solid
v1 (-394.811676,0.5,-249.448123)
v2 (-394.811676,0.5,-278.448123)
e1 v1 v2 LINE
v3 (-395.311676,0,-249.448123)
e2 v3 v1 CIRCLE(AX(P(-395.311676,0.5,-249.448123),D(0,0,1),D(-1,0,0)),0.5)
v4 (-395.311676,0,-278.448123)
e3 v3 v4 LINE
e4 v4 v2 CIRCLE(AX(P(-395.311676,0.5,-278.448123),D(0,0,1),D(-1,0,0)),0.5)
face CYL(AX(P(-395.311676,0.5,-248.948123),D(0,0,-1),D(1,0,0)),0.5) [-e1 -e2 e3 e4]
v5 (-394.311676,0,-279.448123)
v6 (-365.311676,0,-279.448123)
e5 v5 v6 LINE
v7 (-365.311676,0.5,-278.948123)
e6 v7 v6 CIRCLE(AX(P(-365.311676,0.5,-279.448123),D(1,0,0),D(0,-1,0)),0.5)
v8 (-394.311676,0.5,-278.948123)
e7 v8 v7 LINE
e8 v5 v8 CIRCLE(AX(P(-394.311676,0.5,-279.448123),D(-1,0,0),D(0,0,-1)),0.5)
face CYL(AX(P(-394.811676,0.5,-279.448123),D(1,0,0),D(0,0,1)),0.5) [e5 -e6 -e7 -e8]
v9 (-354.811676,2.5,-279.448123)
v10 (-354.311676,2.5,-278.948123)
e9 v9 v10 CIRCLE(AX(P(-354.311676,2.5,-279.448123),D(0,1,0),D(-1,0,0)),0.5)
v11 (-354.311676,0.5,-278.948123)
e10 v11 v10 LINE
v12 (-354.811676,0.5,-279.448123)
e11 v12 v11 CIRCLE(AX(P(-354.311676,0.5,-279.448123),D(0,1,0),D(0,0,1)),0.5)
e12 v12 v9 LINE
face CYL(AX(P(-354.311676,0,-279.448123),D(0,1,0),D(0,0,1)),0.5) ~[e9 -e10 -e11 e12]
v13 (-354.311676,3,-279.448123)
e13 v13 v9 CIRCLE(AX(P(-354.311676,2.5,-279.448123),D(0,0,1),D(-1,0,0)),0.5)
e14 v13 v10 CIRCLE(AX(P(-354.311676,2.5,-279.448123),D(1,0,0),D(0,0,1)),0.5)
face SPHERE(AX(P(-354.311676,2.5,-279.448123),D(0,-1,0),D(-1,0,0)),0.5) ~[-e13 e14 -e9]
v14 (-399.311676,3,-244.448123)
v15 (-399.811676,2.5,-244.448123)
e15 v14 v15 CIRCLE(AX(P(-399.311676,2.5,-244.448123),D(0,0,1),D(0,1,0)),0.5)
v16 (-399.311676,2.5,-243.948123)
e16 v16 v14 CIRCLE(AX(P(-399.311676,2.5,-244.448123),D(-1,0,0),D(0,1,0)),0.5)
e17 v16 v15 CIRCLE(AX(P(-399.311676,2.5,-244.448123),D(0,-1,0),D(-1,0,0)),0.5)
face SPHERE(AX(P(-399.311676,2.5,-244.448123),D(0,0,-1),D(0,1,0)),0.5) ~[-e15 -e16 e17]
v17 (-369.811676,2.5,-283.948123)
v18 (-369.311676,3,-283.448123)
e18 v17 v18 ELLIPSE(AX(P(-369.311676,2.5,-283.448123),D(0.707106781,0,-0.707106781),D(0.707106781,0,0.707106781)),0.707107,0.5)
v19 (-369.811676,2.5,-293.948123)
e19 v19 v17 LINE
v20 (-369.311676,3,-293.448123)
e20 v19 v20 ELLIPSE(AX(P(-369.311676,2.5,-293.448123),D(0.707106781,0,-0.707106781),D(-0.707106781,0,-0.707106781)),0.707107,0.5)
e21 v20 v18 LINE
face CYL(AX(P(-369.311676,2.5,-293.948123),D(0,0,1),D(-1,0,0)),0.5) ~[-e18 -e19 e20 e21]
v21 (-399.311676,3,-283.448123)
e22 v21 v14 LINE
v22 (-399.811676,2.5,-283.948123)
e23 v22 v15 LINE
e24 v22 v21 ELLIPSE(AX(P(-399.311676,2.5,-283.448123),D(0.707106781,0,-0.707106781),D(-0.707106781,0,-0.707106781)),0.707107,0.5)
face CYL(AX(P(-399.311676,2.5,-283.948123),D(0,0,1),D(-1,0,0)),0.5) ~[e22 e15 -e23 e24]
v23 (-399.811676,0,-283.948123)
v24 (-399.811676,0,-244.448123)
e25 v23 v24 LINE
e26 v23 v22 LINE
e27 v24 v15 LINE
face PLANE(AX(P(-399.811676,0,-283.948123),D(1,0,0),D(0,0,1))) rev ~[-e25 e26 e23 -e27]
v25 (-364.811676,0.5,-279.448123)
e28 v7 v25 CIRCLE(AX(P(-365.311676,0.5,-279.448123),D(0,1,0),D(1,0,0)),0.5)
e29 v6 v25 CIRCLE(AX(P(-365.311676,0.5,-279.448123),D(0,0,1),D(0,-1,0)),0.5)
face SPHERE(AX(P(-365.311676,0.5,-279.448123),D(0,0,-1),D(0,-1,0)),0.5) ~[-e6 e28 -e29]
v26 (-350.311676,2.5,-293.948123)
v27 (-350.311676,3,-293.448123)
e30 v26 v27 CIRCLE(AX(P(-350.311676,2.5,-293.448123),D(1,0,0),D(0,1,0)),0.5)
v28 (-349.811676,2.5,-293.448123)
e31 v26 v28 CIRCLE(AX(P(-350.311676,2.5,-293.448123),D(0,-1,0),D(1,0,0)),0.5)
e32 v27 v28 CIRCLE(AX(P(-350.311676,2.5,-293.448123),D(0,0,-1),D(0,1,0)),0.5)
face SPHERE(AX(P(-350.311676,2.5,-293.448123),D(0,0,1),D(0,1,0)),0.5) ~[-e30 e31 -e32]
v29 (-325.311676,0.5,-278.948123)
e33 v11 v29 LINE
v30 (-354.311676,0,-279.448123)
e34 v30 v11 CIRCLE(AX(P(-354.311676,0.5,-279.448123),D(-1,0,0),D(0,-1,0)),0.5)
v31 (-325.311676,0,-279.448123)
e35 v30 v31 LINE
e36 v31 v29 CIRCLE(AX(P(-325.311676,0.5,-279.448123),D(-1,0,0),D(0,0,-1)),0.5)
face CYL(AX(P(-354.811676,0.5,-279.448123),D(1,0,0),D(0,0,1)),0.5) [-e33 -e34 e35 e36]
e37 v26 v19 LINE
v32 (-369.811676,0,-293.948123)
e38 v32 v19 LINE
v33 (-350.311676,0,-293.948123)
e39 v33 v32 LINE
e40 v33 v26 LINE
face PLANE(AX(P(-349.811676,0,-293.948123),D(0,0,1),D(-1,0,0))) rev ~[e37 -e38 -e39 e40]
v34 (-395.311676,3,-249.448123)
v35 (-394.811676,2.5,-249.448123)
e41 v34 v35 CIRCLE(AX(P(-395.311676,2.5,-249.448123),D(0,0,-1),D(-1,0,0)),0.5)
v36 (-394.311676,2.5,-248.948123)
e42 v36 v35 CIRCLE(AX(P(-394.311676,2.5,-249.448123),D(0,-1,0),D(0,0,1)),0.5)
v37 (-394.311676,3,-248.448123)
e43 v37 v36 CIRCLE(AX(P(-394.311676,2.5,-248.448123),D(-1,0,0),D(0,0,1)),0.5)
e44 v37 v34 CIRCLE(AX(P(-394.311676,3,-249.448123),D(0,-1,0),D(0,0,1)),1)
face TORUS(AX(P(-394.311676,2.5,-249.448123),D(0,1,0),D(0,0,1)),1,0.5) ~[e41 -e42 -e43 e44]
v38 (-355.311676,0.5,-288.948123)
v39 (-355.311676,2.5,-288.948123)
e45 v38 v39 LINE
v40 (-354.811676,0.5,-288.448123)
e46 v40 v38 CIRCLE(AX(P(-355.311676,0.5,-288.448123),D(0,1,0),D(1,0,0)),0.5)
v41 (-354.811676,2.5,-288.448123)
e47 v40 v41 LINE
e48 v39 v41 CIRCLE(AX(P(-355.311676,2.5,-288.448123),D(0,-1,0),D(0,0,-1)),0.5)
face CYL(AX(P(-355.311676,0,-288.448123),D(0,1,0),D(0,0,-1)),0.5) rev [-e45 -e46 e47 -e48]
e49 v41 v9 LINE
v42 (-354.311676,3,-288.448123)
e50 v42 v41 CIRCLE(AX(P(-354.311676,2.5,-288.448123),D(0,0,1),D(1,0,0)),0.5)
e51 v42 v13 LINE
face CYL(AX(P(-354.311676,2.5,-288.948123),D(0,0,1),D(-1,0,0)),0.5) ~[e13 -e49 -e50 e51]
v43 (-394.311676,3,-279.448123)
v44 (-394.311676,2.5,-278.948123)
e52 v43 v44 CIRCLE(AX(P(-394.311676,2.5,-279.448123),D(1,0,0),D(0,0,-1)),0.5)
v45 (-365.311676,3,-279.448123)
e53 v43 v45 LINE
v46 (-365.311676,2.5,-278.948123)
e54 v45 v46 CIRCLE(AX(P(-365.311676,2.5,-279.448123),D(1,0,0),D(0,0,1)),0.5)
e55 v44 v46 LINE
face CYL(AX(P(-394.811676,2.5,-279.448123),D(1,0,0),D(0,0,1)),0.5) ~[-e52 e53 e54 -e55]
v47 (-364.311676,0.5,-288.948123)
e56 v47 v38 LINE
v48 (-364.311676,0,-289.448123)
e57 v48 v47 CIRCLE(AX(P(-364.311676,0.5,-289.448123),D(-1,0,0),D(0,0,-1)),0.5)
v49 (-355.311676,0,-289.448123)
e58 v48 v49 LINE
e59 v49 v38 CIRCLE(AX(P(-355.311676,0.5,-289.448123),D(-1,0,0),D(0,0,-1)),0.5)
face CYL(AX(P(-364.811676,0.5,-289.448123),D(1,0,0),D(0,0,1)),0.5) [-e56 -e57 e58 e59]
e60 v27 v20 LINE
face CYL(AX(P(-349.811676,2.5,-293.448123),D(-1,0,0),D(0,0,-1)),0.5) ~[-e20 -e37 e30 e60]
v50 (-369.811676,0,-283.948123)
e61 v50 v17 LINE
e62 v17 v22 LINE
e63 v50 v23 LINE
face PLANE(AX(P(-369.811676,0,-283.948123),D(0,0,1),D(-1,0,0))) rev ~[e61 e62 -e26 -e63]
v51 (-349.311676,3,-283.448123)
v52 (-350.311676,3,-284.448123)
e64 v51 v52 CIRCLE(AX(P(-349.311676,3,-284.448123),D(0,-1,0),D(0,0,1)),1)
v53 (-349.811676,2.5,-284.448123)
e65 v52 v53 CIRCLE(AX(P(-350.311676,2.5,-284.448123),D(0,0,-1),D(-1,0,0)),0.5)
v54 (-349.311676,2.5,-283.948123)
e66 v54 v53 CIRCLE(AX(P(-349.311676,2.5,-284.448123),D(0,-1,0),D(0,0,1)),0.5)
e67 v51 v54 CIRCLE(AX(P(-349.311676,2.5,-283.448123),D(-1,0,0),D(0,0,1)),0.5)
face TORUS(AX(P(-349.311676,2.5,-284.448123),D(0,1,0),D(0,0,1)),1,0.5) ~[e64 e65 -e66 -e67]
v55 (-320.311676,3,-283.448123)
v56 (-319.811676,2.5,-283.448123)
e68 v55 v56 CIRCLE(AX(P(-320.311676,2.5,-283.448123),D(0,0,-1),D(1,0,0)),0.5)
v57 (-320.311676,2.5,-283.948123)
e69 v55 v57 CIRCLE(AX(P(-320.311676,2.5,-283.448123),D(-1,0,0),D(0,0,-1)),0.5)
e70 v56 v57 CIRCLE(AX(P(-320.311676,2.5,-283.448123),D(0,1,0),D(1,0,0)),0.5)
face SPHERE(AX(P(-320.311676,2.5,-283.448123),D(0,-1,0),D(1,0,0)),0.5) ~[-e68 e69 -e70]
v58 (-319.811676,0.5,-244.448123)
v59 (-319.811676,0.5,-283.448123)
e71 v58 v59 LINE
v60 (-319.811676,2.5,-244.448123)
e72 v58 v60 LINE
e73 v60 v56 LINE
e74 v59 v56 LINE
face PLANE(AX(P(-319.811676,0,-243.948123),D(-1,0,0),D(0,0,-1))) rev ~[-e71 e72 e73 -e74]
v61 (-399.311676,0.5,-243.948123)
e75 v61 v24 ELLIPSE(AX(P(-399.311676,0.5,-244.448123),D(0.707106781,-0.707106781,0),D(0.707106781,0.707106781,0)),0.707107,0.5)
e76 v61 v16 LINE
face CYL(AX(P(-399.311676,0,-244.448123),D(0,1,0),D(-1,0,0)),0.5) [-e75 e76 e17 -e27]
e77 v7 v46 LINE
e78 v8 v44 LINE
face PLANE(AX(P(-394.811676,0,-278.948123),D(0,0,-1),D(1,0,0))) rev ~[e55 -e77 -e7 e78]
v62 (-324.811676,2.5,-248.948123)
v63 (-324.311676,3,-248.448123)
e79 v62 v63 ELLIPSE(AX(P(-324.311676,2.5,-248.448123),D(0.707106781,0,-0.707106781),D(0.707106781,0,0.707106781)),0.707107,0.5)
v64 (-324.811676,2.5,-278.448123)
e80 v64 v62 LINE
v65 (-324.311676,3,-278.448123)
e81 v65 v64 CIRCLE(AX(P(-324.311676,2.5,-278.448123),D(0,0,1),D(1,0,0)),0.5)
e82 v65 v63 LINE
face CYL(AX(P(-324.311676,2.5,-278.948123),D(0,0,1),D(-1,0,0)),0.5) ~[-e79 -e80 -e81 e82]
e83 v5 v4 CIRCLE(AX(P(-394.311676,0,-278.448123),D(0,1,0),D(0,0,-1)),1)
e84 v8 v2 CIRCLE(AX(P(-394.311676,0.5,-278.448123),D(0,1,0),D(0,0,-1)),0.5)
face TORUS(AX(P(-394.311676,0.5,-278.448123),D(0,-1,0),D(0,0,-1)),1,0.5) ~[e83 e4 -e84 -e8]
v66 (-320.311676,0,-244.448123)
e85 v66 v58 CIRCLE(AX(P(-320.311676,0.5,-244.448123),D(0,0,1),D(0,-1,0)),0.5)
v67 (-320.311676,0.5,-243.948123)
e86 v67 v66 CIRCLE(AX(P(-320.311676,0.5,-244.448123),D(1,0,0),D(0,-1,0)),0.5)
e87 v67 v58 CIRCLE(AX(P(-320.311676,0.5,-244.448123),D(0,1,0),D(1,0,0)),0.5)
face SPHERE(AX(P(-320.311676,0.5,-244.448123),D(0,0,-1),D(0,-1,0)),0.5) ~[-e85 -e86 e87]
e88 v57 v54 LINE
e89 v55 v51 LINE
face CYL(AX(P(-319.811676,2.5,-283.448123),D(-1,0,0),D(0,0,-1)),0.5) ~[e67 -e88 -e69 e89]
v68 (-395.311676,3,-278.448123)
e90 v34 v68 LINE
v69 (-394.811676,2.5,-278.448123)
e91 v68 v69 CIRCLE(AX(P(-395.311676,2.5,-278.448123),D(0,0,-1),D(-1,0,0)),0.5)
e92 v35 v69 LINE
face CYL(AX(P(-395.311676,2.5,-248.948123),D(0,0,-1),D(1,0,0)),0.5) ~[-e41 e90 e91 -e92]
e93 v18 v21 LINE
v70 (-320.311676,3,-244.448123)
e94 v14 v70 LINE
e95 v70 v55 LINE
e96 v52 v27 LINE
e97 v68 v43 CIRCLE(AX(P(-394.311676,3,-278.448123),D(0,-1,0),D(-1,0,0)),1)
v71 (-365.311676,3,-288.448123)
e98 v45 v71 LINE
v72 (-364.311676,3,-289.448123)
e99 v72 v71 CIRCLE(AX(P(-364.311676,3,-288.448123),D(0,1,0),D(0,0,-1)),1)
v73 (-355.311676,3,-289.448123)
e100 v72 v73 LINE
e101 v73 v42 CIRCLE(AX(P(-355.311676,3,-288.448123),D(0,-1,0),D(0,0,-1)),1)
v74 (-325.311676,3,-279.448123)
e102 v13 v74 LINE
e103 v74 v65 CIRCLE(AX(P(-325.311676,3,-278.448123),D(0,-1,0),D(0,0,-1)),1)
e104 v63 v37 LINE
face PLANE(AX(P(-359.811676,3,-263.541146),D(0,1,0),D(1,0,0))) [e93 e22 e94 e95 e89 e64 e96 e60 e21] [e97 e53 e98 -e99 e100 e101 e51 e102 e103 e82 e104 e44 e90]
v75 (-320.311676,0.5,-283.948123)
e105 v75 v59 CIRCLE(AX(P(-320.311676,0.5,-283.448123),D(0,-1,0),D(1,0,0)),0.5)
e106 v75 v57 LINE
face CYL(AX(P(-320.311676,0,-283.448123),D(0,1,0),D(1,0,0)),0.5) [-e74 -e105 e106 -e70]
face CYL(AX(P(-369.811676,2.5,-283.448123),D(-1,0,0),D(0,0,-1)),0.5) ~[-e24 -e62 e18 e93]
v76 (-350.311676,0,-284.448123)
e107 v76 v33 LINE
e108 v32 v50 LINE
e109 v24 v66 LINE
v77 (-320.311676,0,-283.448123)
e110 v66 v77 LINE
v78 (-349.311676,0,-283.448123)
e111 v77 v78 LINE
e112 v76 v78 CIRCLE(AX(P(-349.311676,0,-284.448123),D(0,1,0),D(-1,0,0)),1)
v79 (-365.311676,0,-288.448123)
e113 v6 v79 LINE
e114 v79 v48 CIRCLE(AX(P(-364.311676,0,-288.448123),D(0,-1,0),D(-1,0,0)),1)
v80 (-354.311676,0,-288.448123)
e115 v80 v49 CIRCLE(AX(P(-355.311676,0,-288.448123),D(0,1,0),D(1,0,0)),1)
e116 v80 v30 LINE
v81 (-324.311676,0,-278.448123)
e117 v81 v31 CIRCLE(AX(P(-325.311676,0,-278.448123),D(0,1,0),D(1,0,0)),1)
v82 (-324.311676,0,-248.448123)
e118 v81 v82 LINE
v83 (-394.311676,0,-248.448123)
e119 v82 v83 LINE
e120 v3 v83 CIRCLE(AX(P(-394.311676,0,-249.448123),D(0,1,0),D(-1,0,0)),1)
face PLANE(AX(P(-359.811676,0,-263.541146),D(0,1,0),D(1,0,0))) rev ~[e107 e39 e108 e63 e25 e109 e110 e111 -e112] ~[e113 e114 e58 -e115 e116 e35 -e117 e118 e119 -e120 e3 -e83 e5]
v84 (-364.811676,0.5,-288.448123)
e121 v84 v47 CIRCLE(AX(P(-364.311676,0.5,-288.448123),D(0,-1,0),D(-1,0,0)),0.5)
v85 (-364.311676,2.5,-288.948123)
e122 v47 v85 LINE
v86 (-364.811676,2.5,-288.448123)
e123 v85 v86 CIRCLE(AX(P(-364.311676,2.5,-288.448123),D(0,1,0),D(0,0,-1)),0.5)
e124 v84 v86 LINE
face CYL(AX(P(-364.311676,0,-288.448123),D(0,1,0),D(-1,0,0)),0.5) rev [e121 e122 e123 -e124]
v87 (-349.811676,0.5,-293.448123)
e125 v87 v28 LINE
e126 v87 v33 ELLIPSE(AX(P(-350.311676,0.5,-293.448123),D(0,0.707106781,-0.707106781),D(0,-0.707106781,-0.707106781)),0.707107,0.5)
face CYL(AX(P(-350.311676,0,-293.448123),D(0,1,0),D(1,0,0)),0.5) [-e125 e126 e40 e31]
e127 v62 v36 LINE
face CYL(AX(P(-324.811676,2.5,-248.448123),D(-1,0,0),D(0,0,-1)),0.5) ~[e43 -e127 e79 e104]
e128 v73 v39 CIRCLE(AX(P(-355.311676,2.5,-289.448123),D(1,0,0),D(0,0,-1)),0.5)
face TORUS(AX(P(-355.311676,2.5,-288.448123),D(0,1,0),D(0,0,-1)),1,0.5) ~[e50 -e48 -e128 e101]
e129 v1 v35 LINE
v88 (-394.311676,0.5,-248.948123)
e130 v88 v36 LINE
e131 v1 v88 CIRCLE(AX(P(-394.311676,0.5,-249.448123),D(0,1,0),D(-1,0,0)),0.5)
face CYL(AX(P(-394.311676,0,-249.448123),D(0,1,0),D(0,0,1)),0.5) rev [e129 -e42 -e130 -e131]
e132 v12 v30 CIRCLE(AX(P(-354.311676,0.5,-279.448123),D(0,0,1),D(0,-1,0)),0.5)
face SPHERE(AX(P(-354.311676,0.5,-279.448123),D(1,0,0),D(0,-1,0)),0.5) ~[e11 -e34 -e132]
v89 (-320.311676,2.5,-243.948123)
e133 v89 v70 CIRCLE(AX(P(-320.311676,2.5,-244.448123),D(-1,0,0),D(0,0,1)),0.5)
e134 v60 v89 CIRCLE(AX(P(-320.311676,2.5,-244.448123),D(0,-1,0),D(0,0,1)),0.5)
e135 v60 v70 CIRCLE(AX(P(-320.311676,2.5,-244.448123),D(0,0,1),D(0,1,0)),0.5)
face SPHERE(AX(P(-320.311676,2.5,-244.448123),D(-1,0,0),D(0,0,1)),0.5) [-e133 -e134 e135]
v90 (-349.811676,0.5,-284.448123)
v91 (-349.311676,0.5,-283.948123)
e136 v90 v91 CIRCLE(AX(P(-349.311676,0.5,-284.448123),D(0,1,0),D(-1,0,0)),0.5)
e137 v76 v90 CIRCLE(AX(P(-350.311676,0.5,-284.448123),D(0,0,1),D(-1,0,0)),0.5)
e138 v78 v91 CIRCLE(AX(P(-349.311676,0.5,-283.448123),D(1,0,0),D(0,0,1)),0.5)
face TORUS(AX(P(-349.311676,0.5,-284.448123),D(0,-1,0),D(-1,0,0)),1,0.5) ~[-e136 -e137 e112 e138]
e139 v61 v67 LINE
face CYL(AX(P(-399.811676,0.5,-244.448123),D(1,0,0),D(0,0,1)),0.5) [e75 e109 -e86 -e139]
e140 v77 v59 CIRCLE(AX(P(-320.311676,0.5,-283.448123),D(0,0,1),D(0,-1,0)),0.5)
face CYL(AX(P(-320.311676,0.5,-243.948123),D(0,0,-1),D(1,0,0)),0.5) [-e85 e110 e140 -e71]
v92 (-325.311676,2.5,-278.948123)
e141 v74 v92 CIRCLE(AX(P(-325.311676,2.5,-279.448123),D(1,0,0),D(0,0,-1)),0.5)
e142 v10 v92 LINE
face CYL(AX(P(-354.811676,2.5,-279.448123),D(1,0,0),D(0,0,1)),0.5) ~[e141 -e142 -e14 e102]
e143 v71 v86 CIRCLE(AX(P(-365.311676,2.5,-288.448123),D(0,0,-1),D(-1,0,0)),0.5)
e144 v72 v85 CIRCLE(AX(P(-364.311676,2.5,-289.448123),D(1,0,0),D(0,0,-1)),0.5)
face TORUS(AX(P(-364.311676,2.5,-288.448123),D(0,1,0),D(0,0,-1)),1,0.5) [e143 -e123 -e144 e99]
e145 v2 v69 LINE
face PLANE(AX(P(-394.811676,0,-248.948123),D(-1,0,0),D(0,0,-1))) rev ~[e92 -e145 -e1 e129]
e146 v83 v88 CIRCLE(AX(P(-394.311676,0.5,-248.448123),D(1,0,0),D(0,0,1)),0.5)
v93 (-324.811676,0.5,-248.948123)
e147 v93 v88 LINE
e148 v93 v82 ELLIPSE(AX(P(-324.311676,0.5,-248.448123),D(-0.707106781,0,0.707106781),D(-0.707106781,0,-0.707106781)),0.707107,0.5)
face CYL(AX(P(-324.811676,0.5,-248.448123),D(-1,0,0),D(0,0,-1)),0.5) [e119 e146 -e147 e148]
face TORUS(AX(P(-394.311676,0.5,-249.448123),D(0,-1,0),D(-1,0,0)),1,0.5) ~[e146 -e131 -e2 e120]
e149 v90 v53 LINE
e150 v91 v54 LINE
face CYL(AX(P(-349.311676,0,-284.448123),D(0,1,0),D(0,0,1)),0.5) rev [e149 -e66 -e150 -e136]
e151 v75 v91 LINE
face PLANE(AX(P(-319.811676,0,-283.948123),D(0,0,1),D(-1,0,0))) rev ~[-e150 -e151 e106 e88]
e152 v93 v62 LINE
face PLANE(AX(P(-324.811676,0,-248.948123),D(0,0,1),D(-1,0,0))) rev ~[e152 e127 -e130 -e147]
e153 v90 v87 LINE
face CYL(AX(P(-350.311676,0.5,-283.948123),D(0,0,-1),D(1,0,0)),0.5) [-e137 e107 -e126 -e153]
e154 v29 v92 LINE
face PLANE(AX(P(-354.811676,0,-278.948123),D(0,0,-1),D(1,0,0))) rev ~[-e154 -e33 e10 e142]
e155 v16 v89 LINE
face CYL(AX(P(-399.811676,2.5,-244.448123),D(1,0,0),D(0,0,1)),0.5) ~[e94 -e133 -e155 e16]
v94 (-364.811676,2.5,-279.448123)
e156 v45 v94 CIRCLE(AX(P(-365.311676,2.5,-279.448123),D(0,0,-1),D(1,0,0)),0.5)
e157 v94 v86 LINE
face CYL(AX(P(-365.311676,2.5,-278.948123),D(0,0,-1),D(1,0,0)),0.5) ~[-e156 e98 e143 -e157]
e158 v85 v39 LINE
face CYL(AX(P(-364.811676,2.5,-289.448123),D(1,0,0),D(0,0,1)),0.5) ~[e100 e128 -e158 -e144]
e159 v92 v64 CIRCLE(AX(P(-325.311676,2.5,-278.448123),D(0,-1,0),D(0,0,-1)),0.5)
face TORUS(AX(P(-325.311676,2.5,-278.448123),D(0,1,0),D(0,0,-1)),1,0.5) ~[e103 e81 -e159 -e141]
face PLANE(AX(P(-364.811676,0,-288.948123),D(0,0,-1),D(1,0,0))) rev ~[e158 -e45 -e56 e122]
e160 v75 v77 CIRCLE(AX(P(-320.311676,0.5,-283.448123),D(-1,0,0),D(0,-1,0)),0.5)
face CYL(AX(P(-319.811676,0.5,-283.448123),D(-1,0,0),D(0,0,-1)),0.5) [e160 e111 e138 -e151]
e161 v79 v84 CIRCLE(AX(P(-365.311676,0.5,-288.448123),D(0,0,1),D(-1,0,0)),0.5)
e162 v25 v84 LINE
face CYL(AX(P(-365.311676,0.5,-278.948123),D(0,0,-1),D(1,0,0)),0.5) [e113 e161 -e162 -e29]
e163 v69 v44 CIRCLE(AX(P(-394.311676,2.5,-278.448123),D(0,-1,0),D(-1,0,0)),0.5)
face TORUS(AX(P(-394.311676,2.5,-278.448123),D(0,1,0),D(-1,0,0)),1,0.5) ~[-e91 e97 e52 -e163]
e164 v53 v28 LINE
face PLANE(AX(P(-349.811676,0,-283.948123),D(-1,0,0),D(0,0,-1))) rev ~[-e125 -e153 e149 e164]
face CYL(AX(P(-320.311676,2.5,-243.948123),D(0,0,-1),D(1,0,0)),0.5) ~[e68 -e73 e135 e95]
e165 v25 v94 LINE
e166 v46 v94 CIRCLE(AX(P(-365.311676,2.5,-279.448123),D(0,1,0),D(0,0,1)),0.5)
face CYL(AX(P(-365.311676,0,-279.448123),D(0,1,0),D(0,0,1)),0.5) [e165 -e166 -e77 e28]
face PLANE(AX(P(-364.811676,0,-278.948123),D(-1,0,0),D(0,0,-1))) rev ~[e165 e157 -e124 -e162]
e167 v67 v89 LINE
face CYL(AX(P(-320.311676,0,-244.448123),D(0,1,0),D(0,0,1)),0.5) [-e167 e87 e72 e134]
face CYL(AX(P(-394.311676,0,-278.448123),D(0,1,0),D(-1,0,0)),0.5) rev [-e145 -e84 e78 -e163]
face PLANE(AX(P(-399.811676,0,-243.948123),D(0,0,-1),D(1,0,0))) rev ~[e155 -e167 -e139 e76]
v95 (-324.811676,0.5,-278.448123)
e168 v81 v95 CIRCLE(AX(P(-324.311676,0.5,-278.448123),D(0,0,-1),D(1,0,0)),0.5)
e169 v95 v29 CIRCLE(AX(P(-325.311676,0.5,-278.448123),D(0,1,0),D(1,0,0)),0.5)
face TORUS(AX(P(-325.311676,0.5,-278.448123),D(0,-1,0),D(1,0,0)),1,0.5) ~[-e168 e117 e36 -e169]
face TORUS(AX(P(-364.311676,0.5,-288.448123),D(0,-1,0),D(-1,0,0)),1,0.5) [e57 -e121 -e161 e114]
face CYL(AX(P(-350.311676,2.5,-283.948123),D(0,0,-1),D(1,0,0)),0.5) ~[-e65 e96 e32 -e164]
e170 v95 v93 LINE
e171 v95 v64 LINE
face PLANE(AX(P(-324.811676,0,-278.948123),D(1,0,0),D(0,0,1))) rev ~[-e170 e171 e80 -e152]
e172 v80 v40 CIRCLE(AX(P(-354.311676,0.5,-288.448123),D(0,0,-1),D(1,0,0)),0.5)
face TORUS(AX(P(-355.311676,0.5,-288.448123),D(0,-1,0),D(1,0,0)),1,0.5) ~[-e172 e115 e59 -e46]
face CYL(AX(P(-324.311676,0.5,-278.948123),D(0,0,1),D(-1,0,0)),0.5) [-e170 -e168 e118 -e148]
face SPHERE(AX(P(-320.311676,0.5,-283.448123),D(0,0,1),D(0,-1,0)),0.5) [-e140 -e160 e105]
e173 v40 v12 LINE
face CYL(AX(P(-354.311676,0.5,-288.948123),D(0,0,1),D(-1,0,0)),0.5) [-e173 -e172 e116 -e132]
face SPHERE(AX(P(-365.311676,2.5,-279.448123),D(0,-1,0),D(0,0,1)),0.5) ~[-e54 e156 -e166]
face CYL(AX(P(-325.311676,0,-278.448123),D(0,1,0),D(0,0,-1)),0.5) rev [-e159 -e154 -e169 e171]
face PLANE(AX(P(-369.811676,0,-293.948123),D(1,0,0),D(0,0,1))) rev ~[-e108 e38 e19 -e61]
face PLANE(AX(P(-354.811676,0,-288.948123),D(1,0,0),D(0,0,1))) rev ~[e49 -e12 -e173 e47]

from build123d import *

# Parameters (mm, degrees)
BOSS_EXTRUDE4_DEPTH = 3
FILLET1_R           = 0.5


with BuildPart() as part:
    # Sketch1 → Boss-Extrude4 (new body)
    with BuildSketch(Plane(origin=(0, 0, 0), x_dir=(1, 0, 0), z_dir=(0, 1, 0))):
        Polygon((-369.811676083, 283.948122897), (-399.811676083, 283.948122897), (-399.811676083, 243.948122897), (-319.811676083, 243.948122897), (-319.811676083, 283.948122897), (-349.811676083, 283.948122897), (-354.811676083, 283.948122897), (-354.811676083, 278.948122897), (-324.811676083, 278.948122897), (-324.811676083, 248.948122897), (-394.811676083, 248.948122897), (-394.811676083, 278.948122897), (-364.811676083, 278.948122897), (-364.811676083, 283.948122897), align=None)
        Polygon((-369.811676083, 293.948122897), (-369.811676083, 283.948122897), (-364.811676083, 283.948122897), (-364.811676083, 288.948122897), (-354.811676083, 288.948122897), (-354.811676083, 283.948122897), (-349.811676083, 283.948122897), (-349.811676083, 293.948122897), align=None)
    extrude(amount=BOSS_EXTRUDE4_DEPTH)

    # Fillet1
    fillet1_edges = [part.edges().sort_by_distance(p)[0] for p in [
        (-349.811676083, 3, -288.948122897),
        (-359.811676083, 3, -293.948122897),
        (-364.811676083, 0, -283.948122897),
        (-379.811676083, 0, -278.948122897),
        (-394.811676083, 0, -263.948122897),
        (-369.811676083, 3, -288.948122897),
        (-359.811676083, 0, -248.948122897),
        (-324.811676083, 0, -263.948122897),
        (-339.811676083, 0, -278.948122897),
        (-354.811676083, 0, -283.948122897),
        (-359.811676083, 0, -288.948122897),
        (-319.811676083, 0, -263.948122897),
        (-359.811676083, 0, -243.948122897),
        (-384.811676083, 3, -283.948122897),
        (-349.811676083, 0, -288.948122897),
        (-334.811676083, 0, -283.948122897),
        (-399.811676083, 3, -263.948122897),
        (-364.811676083, 1.5, -288.948122897),
        (-364.811676083, 1.5, -278.948122897),
        (-394.811676083, 1.5, -278.948122897),
        (-359.811676083, 3, -243.948122897),
        (-394.811676083, 1.5, -248.948122897),
        (-324.811676083, 1.5, -278.948122897),
        (-354.811676083, 1.5, -278.948122897),
        (-354.811676083, 1.5, -288.948122897),
        (-319.811676083, 1.5, -283.948122897),
        (-319.811676083, 1.5, -243.948122897),
        (-399.811676083, 1.5, -243.948122897),
        (-349.811676083, 1.5, -293.948122897),
        (-349.811676083, 1.5, -283.948122897),
        (-319.811676083, 3, -263.948122897),
        (-359.811676083, 3, -288.948122897),
        (-354.811676083, 3, -283.948122897),
        (-339.811676083, 3, -278.948122897),
        (-334.811676083, 3, -283.948122897),
        (-324.811676083, 3, -263.948122897),
        (-359.811676083, 3, -248.948122897),
        (-394.811676083, 3, -263.948122897),
        (-379.811676083, 3, -278.948122897),
        (-364.811676083, 3, -283.948122897),
    ]]
    fillet(fillet1_edges, radius=FILLET1_R)


solid = part.part
